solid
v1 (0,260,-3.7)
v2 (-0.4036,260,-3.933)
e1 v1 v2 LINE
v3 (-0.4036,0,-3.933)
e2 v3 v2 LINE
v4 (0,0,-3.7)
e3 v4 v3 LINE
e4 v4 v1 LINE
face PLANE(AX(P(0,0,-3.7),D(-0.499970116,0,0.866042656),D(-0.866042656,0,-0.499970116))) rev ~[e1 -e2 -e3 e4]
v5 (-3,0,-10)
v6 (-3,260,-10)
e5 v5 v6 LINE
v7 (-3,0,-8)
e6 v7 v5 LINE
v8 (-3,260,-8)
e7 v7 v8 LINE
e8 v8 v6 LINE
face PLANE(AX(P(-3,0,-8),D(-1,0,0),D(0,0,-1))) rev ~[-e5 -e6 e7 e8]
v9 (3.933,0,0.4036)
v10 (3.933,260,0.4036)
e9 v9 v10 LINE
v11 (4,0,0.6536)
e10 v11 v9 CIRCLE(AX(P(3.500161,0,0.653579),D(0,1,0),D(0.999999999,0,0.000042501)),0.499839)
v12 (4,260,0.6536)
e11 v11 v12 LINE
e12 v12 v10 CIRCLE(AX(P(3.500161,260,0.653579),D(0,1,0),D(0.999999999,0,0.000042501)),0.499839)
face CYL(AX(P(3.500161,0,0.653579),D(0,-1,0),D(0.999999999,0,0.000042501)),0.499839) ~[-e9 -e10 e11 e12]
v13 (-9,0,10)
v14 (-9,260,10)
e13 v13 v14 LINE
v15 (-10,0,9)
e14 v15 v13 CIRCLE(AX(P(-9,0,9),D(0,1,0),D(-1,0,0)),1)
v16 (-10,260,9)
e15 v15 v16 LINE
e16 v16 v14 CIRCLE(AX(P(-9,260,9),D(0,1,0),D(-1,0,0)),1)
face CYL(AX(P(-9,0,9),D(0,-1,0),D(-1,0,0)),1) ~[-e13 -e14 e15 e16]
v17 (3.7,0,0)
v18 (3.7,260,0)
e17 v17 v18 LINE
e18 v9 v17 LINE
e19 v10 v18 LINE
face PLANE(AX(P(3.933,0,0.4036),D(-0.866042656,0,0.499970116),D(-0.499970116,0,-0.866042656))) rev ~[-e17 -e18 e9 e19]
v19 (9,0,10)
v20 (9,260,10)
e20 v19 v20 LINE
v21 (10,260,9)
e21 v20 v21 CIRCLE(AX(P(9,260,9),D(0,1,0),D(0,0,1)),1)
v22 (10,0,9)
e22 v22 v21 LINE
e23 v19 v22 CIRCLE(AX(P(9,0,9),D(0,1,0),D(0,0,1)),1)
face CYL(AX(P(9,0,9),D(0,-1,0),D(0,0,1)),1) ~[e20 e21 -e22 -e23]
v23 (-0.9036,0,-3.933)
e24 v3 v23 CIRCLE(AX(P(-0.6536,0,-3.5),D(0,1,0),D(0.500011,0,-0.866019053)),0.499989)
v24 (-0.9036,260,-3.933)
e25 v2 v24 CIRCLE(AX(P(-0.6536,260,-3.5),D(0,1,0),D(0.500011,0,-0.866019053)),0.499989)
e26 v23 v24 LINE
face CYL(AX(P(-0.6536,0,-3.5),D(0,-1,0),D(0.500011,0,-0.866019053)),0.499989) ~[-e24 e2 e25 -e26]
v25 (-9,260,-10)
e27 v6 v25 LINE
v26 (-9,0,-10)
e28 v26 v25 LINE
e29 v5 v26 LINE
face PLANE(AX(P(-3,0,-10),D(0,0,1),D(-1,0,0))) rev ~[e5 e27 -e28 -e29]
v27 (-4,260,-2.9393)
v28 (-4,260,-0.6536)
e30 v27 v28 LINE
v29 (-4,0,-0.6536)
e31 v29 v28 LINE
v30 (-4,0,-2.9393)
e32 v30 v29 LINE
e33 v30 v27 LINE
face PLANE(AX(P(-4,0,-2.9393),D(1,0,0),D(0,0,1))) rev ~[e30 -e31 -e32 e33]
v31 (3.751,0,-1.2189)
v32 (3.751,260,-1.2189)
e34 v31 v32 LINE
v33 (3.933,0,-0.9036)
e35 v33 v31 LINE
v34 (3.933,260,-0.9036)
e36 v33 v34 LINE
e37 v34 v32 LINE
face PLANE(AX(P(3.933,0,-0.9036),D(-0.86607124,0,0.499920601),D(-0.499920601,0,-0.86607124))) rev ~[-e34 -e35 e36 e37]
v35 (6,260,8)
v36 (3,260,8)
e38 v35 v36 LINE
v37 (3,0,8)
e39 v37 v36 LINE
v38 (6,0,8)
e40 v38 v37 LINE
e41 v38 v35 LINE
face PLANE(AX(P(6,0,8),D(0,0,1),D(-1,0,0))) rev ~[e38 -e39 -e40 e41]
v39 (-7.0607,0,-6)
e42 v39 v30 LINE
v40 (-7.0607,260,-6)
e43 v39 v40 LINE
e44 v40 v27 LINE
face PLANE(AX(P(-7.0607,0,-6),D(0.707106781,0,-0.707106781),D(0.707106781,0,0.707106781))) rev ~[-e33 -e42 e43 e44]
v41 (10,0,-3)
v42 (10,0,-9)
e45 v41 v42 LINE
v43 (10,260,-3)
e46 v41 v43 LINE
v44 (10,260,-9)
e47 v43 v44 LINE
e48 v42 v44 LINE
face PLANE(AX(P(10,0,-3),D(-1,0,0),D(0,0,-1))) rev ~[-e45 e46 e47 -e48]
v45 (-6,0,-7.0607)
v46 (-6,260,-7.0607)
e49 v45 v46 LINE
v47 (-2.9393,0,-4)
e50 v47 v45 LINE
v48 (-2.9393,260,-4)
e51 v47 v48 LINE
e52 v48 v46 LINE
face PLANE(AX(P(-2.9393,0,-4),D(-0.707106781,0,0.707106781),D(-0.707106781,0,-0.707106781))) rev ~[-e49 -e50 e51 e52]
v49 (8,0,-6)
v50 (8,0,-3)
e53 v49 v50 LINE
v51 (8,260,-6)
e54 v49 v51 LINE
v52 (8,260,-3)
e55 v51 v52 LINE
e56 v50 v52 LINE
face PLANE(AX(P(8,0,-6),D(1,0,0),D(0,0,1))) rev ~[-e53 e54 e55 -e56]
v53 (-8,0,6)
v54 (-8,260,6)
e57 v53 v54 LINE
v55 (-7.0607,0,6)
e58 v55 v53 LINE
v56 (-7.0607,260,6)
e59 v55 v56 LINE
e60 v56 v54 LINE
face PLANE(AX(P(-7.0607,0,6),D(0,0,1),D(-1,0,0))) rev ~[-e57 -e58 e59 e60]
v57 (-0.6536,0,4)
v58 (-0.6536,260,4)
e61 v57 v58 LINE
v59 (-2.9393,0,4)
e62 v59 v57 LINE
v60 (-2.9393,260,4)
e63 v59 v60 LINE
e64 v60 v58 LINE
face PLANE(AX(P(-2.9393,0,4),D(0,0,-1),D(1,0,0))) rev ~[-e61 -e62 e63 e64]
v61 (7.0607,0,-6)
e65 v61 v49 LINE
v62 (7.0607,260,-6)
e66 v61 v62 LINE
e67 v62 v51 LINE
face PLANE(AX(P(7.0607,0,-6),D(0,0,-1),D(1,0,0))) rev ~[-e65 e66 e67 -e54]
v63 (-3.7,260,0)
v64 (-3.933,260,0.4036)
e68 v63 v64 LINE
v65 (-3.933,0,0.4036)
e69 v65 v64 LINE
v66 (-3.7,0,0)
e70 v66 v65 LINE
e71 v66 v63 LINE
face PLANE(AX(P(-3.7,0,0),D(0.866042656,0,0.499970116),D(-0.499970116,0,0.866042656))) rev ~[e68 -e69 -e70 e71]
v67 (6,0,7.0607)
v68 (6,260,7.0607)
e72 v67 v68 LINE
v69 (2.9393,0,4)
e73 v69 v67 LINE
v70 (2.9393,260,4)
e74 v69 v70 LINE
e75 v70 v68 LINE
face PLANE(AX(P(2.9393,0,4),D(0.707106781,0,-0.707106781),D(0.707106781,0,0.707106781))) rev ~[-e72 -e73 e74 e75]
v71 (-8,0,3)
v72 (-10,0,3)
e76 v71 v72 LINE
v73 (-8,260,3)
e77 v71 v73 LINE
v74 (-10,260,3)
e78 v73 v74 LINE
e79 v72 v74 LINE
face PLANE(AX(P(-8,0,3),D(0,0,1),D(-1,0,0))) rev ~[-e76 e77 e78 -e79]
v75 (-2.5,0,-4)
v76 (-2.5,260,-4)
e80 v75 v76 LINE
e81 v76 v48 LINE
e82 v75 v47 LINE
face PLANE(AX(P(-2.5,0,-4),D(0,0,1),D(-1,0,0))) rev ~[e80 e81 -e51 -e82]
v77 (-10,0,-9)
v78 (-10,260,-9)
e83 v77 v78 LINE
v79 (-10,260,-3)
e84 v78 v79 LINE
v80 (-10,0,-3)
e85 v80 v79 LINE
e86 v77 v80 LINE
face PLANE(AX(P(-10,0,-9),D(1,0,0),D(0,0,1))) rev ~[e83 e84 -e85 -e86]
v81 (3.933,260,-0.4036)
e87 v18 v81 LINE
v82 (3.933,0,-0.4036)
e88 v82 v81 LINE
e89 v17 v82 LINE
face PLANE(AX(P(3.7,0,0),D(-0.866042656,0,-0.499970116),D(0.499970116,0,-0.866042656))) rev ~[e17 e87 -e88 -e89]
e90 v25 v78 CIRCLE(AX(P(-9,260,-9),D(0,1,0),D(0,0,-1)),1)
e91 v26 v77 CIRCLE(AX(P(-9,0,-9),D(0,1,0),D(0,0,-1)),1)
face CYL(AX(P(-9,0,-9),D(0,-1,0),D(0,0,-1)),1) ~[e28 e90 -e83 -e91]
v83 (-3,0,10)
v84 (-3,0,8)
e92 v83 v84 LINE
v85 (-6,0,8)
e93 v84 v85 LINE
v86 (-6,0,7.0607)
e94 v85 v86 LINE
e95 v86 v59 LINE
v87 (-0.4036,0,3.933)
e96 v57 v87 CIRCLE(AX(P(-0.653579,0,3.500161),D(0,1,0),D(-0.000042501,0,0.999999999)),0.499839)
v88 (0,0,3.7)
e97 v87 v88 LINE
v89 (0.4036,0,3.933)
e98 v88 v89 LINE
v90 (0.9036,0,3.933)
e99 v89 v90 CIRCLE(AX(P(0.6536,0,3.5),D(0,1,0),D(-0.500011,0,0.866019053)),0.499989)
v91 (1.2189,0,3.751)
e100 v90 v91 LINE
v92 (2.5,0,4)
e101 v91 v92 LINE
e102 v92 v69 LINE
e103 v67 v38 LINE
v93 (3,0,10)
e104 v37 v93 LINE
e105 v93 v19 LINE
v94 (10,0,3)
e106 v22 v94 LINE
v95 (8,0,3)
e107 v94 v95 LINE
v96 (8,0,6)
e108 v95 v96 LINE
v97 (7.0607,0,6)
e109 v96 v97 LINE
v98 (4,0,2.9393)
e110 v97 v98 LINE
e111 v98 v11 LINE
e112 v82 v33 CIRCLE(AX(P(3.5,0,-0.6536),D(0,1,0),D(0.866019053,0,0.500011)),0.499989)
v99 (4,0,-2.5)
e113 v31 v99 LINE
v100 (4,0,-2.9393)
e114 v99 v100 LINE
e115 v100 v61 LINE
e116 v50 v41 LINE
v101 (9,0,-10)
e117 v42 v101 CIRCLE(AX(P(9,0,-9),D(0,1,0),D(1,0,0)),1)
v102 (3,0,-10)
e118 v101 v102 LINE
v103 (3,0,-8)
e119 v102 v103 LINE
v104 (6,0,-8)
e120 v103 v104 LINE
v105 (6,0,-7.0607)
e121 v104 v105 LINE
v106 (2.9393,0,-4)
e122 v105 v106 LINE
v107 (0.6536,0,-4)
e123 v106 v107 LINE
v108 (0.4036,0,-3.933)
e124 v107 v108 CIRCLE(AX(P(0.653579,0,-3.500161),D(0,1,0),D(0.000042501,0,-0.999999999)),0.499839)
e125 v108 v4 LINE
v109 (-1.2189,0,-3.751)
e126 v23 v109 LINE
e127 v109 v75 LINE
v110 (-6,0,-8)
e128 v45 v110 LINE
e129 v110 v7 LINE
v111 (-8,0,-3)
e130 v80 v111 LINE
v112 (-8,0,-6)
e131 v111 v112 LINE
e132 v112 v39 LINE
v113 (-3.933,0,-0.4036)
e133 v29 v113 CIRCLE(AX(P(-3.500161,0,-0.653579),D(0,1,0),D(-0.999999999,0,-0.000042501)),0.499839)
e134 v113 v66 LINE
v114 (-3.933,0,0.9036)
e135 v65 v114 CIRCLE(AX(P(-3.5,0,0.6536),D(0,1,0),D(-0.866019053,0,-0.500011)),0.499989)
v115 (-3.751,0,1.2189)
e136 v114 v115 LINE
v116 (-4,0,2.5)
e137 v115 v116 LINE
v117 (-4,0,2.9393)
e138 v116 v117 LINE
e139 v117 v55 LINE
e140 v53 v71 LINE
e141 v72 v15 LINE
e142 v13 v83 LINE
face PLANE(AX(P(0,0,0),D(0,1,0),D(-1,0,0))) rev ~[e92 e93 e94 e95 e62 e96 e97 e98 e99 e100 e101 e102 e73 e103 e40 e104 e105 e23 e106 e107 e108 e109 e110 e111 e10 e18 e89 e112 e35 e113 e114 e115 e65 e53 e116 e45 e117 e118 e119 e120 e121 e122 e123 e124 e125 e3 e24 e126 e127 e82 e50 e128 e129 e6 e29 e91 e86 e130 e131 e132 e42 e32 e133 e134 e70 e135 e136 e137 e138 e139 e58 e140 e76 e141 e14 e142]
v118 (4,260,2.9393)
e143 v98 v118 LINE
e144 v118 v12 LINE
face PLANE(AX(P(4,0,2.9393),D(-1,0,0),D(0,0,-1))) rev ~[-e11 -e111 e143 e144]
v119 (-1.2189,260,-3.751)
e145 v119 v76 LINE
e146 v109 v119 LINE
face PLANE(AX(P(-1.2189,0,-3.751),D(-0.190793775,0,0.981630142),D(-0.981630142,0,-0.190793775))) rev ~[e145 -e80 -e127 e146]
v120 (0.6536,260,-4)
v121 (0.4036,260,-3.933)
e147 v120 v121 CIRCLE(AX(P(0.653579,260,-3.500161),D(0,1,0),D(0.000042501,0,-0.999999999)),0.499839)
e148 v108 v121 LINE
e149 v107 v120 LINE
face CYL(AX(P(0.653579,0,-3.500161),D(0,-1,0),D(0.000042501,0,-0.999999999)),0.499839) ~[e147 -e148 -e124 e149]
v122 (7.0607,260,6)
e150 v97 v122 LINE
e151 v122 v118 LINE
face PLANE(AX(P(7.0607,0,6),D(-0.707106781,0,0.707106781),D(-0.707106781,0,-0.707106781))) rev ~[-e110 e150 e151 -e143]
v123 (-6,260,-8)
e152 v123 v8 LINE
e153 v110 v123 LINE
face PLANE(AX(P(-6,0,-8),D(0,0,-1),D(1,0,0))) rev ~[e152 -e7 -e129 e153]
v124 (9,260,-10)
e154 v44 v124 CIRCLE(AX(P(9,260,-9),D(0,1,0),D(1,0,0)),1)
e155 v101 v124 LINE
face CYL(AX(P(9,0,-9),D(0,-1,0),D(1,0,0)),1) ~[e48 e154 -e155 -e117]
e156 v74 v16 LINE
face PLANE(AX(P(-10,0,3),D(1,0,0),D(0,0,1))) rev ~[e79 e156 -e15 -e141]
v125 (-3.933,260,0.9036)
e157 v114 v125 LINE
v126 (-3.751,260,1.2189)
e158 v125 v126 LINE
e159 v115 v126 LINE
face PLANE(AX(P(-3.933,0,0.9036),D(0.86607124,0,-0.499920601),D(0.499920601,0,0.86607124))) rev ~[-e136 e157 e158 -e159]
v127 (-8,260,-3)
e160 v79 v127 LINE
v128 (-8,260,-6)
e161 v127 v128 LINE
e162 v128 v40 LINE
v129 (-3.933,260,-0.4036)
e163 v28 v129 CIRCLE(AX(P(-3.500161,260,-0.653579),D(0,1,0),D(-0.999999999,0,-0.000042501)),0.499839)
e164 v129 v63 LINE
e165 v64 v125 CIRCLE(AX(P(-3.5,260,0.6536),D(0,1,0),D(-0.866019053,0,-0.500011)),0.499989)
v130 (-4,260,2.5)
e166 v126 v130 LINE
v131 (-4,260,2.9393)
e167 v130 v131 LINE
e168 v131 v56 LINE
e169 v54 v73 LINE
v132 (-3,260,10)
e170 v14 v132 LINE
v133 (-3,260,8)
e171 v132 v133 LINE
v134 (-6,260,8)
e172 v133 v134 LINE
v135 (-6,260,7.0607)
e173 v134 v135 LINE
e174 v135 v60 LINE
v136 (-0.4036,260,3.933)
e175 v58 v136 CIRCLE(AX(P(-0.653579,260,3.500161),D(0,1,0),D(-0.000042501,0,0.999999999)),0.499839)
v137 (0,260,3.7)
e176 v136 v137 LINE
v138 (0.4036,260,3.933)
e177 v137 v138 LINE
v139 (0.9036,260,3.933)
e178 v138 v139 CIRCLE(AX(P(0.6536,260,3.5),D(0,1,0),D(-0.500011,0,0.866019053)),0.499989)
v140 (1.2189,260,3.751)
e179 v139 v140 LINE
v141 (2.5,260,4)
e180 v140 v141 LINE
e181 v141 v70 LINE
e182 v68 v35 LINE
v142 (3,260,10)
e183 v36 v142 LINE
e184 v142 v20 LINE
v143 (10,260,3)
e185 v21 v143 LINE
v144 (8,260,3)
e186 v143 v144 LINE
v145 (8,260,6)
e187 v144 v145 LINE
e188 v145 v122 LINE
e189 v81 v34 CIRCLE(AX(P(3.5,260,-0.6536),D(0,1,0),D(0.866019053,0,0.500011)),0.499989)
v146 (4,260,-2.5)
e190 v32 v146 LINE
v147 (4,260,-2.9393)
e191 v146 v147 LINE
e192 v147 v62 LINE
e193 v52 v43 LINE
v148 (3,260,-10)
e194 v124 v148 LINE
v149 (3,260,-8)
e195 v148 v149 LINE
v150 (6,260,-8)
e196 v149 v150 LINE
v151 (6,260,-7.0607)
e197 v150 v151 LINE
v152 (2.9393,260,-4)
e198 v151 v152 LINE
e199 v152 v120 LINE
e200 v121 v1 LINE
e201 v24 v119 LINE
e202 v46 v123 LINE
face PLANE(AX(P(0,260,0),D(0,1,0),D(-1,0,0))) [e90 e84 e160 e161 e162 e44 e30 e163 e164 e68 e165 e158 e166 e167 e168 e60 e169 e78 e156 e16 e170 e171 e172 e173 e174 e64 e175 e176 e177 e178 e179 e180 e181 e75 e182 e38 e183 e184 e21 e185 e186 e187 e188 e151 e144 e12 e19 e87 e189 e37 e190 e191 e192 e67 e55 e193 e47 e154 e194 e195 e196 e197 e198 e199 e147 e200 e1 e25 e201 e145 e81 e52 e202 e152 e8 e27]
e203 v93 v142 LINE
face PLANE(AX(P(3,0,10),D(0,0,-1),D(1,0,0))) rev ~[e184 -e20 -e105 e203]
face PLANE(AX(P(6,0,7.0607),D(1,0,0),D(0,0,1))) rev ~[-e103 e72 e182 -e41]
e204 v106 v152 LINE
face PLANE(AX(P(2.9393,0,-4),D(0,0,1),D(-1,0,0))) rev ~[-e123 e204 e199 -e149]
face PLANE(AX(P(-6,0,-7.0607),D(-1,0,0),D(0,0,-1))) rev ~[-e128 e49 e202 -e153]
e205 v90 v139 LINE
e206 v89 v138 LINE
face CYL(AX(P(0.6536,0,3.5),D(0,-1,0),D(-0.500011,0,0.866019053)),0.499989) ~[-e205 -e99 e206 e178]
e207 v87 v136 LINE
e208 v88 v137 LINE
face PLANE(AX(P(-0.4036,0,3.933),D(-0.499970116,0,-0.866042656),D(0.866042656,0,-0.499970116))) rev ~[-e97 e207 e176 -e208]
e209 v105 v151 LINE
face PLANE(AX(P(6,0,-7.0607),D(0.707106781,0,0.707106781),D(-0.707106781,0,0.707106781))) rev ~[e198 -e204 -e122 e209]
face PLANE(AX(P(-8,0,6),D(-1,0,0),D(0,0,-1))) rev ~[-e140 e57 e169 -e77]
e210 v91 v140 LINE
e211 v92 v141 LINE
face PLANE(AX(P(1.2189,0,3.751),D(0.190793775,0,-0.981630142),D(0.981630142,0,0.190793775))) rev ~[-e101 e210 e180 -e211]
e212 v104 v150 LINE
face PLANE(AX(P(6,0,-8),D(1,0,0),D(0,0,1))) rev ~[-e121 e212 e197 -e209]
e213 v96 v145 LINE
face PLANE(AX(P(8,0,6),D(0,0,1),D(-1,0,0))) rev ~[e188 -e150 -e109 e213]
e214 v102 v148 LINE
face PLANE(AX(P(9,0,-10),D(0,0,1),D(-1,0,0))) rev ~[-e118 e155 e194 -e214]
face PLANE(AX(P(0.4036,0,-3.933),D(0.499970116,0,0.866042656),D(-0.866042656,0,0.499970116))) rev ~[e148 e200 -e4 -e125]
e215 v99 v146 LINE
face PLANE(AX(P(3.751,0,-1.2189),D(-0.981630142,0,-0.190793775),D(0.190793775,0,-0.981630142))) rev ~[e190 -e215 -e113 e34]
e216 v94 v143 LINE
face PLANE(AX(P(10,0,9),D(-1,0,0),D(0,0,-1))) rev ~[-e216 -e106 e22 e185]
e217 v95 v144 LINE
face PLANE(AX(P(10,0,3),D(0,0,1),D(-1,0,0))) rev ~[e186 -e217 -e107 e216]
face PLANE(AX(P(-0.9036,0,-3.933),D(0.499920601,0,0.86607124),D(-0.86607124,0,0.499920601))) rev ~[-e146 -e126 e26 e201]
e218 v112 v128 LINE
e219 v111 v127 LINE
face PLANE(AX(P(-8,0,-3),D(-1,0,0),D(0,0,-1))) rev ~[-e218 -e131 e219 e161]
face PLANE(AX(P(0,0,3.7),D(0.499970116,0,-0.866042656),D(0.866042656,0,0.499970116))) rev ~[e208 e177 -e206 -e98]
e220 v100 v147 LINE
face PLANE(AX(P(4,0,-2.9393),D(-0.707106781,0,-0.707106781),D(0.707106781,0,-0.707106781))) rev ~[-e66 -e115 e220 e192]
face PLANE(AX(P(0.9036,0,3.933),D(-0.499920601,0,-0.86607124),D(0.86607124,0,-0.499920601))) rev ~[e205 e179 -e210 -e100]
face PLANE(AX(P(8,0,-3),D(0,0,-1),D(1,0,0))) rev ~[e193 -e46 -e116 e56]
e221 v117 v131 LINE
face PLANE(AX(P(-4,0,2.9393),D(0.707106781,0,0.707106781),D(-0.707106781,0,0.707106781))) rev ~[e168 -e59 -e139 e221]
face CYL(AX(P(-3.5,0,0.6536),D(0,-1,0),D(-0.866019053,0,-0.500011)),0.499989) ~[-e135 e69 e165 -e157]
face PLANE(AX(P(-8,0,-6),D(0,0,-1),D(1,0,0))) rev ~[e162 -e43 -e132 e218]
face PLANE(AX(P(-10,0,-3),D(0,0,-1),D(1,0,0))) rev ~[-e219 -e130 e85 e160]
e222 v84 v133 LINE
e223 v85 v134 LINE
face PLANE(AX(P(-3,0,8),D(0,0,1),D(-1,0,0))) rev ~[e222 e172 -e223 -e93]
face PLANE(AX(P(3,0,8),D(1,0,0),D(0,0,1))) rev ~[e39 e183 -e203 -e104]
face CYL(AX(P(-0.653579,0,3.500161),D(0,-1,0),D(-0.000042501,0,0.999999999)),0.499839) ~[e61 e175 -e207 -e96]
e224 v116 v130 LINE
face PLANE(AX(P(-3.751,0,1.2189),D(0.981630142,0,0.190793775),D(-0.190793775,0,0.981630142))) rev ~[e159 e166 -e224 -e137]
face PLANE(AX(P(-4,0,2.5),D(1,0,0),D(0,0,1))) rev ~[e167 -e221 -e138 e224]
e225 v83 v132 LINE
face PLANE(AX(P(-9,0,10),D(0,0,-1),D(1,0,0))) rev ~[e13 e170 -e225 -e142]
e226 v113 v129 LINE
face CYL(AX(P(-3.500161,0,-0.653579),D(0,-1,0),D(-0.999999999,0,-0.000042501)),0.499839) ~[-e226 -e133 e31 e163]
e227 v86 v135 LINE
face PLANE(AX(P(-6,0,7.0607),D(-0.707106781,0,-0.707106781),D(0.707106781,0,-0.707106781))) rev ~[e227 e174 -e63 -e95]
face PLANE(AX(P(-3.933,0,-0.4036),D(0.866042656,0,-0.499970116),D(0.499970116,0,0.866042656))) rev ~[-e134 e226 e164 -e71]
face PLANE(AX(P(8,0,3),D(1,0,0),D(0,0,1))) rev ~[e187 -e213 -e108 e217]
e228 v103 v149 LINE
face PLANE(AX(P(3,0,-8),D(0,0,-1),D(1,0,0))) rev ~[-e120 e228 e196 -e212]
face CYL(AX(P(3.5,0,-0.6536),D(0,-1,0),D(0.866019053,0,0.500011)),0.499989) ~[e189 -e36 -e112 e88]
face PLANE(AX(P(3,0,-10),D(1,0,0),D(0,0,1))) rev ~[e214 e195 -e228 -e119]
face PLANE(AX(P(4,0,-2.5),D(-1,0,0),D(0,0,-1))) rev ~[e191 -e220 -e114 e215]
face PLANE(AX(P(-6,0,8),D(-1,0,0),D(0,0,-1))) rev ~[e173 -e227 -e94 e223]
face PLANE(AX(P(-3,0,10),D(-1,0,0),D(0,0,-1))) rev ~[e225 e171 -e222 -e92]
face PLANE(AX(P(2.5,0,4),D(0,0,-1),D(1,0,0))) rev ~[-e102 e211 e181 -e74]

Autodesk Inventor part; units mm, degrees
ref_plane "YZ Plane" through (0, 0, 0) normal (1, 0, 0) x (0, 1, 0)
ref_plane "XZ Plane" through (0, 0, 0) normal (0, 1, 0) x (-1, 0, 0)
ref_plane "XY Plane" through (0, 0, 0) normal (0, 0, 1) x (1, 0, 0)
sketch "スケッチ1" plane through (0, 0, 0) normal (0, 1, 0) x (-1, 0, 0)
  line L0 (-10, 3) -> (-8, 3)
  line L1 (-8, 3) -> (-8, 6)
  line L2 (-8, 6) -> (-7.0607, 6)
  line L3 (-7.0607, 6) -> (-4, 2.9393)
  line L4 (-4, 2.9393) -> (-4, 0.6536)
  arc A0 (-4, 0.6536) -> (-3.933, 0.4036) centre (-3.5, 0.6536) ccw
  line L5 (-3.933, 0.4036) -> (-3.7, 0)
  line L6 (-3.7, 0) -> (-3.933, -0.4036)
  arc A1 (-3.933, -0.4036) -> (-3.933, -0.9036) centre (-3.5, -0.6536) ccw
  line L7 (-3.933, -0.9036) -> (-3.751, -1.2189)
  line L8 (-3.751, -1.2189) -> (-4, -2.5)
  line L9 (-4, -2.5) -> (-4, -2.9393)
  line L10 (-4, -2.9393) -> (-7.0607, -6)
  line L11 (-7.0607, -6) -> (-8, -6)
  line L12 (-8, -6) -> (-8, -3)
  line L13 (-8, -3) -> (-10, -3)
  line L14 (-10, -3) -> (-10, -9)
  arc A2 (-10, -9) -> (-9, -10) centre (-9, -9) ccw
  line L15 (-9, -10) -> (-3, -10)
  line L16 (-3, -10) -> (-3, -8)
  line L17 (-3, -8) -> (-6, -8)
  line L18 (-6, -8) -> (-6, -7.0607)
  line L19 (-6, -7.0607) -> (-2.9393, -4)
  line L20 (-2.9393, -4) -> (-0.6536, -4)
  arc A3 (-0.6536, -4) -> (-0.4036, -3.933) centre (-0.6536, -3.5) ccw
  line L21 (-0.4036, -3.933) -> (0, -3.7)
  line L22 (0, -3.7) -> (0.4036, -3.933)
  arc A4 (0.4036, -3.933) -> (0.9036, -3.933) centre (0.6536, -3.5) ccw
  line L23 (0.9036, -3.933) -> (1.2189, -3.751)
  line L24 (1.2189, -3.751) -> (2.5, -4)
  line L25 (2.5, -4) -> (2.9393, -4)
  line L26 (2.9393, -4) -> (6, -7.0607)
  line L27 (6, -7.0607) -> (6, -8)
  line L28 (6, -8) -> (3, -8)
  line L29 (3, -8) -> (3, -10)
  line L30 (3, -10) -> (9, -10)
  arc A5 (9, -10) -> (10, -9) centre (9, -9) ccw
  line L31 (10, -9) -> (10, -3)
  line L32 (10, -3) -> (8, -3)
  line L33 (8, -3) -> (8, -6)
  line L34 (8, -6) -> (7.0607, -6)
  line L35 (7.0607, -6) -> (4, -2.9393)
  line L36 (4, -2.9393) -> (4, -0.6536)
  arc A6 (4, -0.6536) -> (3.933, -0.4036) centre (3.5, -0.6536) ccw
  line L37 (3.933, -0.4036) -> (3.7, 0)
  line L38 (3.7, 0) -> (3.933, 0.4036)
  arc A7 (3.933, 0.4036) -> (3.933, 0.9036) centre (3.5, 0.6536) ccw
  line L39 (3.933, 0.9036) -> (3.751, 1.2189)
  line L40 (3.751, 1.2189) -> (4, 2.5)
  line L41 (4, 2.5) -> (4, 2.9393)
  line L42 (4, 2.9393) -> (7.0607, 6)
  line L43 (7.0607, 6) -> (8, 6)
  line L44 (8, 6) -> (8, 3)
  line L45 (8, 3) -> (10, 3)
  line L46 (10, 3) -> (10, 9)
  arc A8 (10, 9) -> (9, 10) centre (9, 9) ccw
  line L47 (9, 10) -> (3, 10)
  line L48 (3, 10) -> (3, 8)
  line L49 (3, 8) -> (6, 8)
  line L50 (6, 8) -> (6, 7.0607)
  line L51 (6, 7.0607) -> (2.9393, 4)
  line L52 (2.9393, 4) -> (0.6536, 4)
  arc A9 (0.6536, 4) -> (0.4036, 3.933) centre (0.6536, 3.5) ccw
  line L53 (0.4036, 3.933) -> (0, 3.7)
  line L54 (0, 3.7) -> (-0.4036, 3.933)
  arc A10 (-0.4036, 3.933) -> (-0.9036, 3.933) centre (-0.6536, 3.5) ccw
  line L55 (-0.9036, 3.933) -> (-1.2189, 3.751)
  line L56 (-1.2189, 3.751) -> (-2.5, 4)
  line L57 (-2.5, 4) -> (-2.9393, 4)
  line L58 (-2.9393, 4) -> (-6, 7.0607)
  line L59 (-6, 7.0607) -> (-6, 8)
  line L60 (-6, 8) -> (-3, 8)
  line L61 (-3, 8) -> (-3, 10)
  line L62 (-3, 10) -> (-9, 10)
  arc A11 (-9, 10) -> (-10, 9) centre (-9, 9) ccw
  line L63 (-10, 9) -> (-10, 3)
  point P0 (0, 0)
extrude "押し出し1" add sketch "スケッチ1" along normal blind 260
properties part number "NFS5-2020-260"
